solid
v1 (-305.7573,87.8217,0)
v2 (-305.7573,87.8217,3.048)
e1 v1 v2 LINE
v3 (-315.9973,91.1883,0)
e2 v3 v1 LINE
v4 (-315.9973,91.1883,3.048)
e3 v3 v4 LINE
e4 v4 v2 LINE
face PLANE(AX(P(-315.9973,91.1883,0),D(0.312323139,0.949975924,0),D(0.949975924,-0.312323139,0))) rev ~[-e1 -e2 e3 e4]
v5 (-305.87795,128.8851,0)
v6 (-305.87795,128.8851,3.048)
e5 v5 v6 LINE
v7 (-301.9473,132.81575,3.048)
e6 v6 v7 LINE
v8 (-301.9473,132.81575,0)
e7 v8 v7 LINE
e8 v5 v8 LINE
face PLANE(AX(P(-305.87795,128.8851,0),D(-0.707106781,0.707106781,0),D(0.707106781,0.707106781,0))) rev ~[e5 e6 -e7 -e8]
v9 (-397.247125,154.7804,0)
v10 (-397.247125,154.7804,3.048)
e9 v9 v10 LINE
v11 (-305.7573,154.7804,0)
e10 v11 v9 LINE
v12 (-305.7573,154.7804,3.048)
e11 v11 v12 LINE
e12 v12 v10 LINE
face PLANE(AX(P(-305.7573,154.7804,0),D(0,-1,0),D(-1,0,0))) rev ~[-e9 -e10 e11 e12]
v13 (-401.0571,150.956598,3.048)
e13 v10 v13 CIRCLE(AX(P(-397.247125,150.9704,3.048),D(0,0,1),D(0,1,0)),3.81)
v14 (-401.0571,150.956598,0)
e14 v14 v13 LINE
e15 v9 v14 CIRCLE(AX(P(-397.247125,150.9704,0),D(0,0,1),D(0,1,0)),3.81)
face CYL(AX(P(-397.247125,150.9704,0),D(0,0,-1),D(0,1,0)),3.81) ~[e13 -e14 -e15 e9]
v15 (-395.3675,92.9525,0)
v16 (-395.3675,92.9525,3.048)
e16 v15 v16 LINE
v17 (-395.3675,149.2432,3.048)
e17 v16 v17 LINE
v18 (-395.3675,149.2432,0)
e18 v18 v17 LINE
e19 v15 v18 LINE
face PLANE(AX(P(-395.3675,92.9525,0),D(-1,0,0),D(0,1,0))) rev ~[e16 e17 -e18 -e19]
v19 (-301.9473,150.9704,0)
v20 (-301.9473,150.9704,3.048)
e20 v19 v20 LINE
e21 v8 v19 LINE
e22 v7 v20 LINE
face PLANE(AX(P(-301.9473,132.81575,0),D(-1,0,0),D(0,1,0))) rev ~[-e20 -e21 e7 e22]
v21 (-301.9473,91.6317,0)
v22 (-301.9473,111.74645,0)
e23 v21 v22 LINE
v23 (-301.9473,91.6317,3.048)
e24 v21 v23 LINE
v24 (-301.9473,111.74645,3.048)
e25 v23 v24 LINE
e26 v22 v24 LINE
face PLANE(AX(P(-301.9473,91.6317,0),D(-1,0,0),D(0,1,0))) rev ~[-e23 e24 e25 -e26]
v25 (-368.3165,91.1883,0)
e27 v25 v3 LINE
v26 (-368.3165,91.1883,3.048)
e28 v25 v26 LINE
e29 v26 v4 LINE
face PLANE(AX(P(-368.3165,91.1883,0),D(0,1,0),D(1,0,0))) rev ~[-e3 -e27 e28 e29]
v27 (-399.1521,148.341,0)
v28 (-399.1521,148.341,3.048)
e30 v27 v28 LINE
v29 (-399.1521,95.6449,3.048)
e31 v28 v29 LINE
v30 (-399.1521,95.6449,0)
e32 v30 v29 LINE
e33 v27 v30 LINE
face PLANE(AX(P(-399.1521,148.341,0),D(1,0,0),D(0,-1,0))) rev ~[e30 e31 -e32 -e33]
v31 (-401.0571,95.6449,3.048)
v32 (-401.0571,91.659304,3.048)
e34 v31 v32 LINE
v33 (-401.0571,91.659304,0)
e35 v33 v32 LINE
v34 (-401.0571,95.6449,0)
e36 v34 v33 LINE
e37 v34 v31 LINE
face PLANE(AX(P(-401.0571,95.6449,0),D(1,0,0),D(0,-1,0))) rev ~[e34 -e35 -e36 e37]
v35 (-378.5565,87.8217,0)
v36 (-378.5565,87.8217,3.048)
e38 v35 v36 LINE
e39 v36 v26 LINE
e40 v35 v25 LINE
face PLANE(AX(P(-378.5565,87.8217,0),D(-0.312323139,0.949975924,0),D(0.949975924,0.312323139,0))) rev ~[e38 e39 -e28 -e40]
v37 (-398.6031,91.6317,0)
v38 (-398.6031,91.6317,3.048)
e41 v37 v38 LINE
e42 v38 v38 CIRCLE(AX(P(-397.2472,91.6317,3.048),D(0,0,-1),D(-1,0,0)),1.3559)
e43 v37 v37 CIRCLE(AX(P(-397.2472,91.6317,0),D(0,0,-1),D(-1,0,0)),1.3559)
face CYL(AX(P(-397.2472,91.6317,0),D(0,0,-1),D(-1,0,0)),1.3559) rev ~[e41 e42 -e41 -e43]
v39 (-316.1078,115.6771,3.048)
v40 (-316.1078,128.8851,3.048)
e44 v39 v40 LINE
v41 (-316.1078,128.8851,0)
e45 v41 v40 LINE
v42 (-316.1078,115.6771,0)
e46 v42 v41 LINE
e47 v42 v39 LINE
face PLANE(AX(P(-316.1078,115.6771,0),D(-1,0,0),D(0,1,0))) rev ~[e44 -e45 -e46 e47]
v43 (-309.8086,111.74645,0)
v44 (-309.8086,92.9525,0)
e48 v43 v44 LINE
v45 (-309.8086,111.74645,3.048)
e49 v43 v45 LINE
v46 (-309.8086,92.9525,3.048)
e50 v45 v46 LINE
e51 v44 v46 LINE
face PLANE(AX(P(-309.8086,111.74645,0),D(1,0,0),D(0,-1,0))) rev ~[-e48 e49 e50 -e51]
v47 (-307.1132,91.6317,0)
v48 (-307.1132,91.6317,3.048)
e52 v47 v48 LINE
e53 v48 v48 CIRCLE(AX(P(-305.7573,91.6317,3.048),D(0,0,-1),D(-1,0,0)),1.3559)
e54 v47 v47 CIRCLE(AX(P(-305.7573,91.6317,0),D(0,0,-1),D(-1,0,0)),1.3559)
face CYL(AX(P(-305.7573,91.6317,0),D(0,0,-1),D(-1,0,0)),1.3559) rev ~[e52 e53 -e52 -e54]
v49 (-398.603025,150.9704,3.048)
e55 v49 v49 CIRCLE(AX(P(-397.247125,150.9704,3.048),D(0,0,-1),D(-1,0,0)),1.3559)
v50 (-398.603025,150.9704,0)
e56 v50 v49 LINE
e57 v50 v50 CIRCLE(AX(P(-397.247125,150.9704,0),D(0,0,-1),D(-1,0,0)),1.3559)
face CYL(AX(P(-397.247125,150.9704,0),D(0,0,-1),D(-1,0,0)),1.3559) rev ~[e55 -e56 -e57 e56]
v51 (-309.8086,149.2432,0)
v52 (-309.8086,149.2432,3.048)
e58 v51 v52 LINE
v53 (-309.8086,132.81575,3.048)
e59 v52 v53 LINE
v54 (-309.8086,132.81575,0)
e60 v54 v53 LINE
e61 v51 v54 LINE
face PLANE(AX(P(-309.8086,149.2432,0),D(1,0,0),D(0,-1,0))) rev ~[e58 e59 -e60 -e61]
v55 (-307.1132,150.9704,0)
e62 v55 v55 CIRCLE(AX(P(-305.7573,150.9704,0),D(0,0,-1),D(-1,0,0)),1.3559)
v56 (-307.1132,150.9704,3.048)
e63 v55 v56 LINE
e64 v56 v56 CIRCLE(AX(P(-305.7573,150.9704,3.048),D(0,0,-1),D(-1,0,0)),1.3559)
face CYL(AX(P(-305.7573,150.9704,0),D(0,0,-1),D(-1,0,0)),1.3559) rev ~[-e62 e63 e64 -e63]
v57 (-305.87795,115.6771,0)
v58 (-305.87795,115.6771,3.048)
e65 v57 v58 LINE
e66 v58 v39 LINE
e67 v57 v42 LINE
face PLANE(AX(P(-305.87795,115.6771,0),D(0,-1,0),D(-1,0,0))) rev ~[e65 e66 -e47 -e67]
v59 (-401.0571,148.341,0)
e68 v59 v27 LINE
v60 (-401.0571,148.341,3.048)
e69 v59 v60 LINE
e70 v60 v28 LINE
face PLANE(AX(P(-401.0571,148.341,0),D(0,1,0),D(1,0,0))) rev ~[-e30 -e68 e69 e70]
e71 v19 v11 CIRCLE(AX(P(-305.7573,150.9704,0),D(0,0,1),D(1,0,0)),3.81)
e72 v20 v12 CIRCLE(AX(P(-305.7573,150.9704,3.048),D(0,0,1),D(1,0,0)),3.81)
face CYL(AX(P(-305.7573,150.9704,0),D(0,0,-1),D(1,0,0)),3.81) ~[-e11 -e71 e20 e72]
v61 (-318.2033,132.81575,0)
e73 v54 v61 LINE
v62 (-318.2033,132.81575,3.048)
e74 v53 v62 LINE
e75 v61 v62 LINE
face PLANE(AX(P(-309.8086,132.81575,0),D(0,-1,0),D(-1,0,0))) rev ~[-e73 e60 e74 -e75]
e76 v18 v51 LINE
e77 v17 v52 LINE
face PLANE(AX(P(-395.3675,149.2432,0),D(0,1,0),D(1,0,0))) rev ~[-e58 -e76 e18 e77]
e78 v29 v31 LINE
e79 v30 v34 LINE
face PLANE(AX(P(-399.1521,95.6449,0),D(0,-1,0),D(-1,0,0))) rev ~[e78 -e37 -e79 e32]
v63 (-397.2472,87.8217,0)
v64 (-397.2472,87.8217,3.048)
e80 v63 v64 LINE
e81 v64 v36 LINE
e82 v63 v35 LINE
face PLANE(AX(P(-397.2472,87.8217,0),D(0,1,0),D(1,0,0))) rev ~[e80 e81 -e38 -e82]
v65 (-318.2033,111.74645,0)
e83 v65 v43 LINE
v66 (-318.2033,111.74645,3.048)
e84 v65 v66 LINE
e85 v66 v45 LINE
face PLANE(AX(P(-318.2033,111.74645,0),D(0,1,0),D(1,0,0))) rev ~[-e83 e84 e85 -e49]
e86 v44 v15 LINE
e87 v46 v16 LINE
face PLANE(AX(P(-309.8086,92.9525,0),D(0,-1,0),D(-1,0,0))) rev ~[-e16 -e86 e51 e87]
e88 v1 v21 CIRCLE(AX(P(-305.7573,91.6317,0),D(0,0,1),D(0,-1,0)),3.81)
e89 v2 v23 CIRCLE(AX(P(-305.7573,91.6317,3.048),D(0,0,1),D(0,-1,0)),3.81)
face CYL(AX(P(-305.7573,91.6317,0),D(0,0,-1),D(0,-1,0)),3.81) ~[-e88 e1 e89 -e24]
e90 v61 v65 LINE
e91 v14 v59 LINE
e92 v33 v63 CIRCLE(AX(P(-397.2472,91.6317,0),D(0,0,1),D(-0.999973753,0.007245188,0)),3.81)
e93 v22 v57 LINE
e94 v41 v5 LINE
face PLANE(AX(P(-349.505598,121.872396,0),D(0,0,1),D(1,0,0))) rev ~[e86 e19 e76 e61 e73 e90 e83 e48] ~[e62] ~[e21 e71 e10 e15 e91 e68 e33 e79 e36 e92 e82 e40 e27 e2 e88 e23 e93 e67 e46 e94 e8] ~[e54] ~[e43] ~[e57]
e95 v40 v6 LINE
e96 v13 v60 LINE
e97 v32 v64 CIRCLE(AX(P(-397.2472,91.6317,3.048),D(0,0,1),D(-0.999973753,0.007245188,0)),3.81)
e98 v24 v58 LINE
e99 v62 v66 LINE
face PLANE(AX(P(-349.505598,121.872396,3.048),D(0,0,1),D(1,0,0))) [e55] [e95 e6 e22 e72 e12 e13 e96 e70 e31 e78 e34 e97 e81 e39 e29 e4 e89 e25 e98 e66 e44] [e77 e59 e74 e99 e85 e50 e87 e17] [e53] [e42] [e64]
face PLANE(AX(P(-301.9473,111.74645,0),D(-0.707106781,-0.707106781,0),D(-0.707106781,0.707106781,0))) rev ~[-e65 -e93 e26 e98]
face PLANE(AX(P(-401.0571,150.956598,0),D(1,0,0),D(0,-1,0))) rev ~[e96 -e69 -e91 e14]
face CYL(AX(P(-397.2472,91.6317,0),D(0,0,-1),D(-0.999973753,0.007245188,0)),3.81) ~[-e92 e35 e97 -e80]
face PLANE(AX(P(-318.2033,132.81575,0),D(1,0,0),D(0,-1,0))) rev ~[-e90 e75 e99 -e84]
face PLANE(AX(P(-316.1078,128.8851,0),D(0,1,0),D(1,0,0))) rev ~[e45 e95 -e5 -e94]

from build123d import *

# Parameters (mm, degrees)
BOSS_EXTRUDE1_DEPTH = 3.048
SKETCH2_R           = 1.355900406
CUT_EXTRUDE1_DEPTH  = 430.898988368


with BuildPart() as part:
    # Sketch1 → Boss-Extrude1 (new body)
    with BuildSketch(Plane.XY):
        with BuildLine():
            Line((-309.8086, 128.8851), (-305.87795, 128.8851))
            Line((-305.87795, 128.8851), (-301.9473, 132.81575))
            Line((-301.9473, 132.81575), (-301.9473, 150.9704))
            ThreePointArc((-301.9473, 150.9704), (-303.063223164, 153.664476836), (-305.7573, 154.7804))
            Line((-305.7573, 154.7804), (-397.247125, 154.7804))
            ThreePointArc((-397.247125, 154.7804), (-399.946077222, 153.659592612), (-401.0571, 150.956597849))
            Line((-401.0571, 150.956597849), (-401.0571, 148.341))
            Line((-401.0571, 148.341), (-399.1521, 148.341))
            Line((-399.1521, 148.341), (-399.1521, 95.6449))
            Line((-399.1521, 95.6449), (-401.0571, 95.6449))
            Line((-401.0571, 95.6449), (-401.0571, 91.659304166))
            ThreePointArc((-401.0571, 91.659304166), (-399.951018769, 88.947400452), (-397.2472, 87.8217))
            Line((-397.2472, 87.8217), (-378.5565, 87.8217))
            Line((-378.5565, 87.8217), (-368.3165, 91.1883))
            Line((-368.3165, 91.1883), (-315.9973, 91.1883))
            Line((-315.9973, 91.1883), (-305.7573, 87.8217))
            ThreePointArc((-305.7573, 87.8217), (-303.063223164, 88.937623164), (-301.9473, 91.6317))
            Line((-301.9473, 91.6317), (-301.9473, 111.74645))
            Line((-301.9473, 111.74645), (-305.87795, 115.6771))
            Line((-305.87795, 115.6771), (-309.8086, 115.6771))
            Line((-309.8086, 115.6771), (-316.1078, 115.6771))
            Line((-316.1078, 115.6771), (-316.1078, 128.8851))
            Line((-316.1078, 128.8851), (-309.8086, 128.8851))
        make_face()
        Polygon((-395.3675, 92.9525), (-395.3675, 149.2432), (-309.8086, 149.2432), (-309.8086, 132.81575), (-318.2033, 132.81575), (-318.2033, 111.74645), (-309.8086, 111.74645), (-309.8086, 92.9525), align=None, mode=Mode.SUBTRACT)
    extrude(amount=BOSS_EXTRUDE1_DEPTH)

    # Sketch2 → Cut-Extrude1 (cut, through all)
    with BuildSketch(Plane(origin=(0, 0, 0), x_dir=(-1, 0, 0), z_dir=(0, 0, -1))):
        with Locations((305.7573, 150.9704)):
            Circle(SKETCH2_R)
        with Locations((397.247125, 150.9704)):
            Circle(SKETCH2_R)
        with Locations((397.2472, 91.6317)):
            Circle(SKETCH2_R)
        with Locations((305.7573, 91.6317)):
            Circle(SKETCH2_R)
    extrude(amount=-CUT_EXTRUDE1_DEPTH, mode=Mode.SUBTRACT)


solid = part.part
